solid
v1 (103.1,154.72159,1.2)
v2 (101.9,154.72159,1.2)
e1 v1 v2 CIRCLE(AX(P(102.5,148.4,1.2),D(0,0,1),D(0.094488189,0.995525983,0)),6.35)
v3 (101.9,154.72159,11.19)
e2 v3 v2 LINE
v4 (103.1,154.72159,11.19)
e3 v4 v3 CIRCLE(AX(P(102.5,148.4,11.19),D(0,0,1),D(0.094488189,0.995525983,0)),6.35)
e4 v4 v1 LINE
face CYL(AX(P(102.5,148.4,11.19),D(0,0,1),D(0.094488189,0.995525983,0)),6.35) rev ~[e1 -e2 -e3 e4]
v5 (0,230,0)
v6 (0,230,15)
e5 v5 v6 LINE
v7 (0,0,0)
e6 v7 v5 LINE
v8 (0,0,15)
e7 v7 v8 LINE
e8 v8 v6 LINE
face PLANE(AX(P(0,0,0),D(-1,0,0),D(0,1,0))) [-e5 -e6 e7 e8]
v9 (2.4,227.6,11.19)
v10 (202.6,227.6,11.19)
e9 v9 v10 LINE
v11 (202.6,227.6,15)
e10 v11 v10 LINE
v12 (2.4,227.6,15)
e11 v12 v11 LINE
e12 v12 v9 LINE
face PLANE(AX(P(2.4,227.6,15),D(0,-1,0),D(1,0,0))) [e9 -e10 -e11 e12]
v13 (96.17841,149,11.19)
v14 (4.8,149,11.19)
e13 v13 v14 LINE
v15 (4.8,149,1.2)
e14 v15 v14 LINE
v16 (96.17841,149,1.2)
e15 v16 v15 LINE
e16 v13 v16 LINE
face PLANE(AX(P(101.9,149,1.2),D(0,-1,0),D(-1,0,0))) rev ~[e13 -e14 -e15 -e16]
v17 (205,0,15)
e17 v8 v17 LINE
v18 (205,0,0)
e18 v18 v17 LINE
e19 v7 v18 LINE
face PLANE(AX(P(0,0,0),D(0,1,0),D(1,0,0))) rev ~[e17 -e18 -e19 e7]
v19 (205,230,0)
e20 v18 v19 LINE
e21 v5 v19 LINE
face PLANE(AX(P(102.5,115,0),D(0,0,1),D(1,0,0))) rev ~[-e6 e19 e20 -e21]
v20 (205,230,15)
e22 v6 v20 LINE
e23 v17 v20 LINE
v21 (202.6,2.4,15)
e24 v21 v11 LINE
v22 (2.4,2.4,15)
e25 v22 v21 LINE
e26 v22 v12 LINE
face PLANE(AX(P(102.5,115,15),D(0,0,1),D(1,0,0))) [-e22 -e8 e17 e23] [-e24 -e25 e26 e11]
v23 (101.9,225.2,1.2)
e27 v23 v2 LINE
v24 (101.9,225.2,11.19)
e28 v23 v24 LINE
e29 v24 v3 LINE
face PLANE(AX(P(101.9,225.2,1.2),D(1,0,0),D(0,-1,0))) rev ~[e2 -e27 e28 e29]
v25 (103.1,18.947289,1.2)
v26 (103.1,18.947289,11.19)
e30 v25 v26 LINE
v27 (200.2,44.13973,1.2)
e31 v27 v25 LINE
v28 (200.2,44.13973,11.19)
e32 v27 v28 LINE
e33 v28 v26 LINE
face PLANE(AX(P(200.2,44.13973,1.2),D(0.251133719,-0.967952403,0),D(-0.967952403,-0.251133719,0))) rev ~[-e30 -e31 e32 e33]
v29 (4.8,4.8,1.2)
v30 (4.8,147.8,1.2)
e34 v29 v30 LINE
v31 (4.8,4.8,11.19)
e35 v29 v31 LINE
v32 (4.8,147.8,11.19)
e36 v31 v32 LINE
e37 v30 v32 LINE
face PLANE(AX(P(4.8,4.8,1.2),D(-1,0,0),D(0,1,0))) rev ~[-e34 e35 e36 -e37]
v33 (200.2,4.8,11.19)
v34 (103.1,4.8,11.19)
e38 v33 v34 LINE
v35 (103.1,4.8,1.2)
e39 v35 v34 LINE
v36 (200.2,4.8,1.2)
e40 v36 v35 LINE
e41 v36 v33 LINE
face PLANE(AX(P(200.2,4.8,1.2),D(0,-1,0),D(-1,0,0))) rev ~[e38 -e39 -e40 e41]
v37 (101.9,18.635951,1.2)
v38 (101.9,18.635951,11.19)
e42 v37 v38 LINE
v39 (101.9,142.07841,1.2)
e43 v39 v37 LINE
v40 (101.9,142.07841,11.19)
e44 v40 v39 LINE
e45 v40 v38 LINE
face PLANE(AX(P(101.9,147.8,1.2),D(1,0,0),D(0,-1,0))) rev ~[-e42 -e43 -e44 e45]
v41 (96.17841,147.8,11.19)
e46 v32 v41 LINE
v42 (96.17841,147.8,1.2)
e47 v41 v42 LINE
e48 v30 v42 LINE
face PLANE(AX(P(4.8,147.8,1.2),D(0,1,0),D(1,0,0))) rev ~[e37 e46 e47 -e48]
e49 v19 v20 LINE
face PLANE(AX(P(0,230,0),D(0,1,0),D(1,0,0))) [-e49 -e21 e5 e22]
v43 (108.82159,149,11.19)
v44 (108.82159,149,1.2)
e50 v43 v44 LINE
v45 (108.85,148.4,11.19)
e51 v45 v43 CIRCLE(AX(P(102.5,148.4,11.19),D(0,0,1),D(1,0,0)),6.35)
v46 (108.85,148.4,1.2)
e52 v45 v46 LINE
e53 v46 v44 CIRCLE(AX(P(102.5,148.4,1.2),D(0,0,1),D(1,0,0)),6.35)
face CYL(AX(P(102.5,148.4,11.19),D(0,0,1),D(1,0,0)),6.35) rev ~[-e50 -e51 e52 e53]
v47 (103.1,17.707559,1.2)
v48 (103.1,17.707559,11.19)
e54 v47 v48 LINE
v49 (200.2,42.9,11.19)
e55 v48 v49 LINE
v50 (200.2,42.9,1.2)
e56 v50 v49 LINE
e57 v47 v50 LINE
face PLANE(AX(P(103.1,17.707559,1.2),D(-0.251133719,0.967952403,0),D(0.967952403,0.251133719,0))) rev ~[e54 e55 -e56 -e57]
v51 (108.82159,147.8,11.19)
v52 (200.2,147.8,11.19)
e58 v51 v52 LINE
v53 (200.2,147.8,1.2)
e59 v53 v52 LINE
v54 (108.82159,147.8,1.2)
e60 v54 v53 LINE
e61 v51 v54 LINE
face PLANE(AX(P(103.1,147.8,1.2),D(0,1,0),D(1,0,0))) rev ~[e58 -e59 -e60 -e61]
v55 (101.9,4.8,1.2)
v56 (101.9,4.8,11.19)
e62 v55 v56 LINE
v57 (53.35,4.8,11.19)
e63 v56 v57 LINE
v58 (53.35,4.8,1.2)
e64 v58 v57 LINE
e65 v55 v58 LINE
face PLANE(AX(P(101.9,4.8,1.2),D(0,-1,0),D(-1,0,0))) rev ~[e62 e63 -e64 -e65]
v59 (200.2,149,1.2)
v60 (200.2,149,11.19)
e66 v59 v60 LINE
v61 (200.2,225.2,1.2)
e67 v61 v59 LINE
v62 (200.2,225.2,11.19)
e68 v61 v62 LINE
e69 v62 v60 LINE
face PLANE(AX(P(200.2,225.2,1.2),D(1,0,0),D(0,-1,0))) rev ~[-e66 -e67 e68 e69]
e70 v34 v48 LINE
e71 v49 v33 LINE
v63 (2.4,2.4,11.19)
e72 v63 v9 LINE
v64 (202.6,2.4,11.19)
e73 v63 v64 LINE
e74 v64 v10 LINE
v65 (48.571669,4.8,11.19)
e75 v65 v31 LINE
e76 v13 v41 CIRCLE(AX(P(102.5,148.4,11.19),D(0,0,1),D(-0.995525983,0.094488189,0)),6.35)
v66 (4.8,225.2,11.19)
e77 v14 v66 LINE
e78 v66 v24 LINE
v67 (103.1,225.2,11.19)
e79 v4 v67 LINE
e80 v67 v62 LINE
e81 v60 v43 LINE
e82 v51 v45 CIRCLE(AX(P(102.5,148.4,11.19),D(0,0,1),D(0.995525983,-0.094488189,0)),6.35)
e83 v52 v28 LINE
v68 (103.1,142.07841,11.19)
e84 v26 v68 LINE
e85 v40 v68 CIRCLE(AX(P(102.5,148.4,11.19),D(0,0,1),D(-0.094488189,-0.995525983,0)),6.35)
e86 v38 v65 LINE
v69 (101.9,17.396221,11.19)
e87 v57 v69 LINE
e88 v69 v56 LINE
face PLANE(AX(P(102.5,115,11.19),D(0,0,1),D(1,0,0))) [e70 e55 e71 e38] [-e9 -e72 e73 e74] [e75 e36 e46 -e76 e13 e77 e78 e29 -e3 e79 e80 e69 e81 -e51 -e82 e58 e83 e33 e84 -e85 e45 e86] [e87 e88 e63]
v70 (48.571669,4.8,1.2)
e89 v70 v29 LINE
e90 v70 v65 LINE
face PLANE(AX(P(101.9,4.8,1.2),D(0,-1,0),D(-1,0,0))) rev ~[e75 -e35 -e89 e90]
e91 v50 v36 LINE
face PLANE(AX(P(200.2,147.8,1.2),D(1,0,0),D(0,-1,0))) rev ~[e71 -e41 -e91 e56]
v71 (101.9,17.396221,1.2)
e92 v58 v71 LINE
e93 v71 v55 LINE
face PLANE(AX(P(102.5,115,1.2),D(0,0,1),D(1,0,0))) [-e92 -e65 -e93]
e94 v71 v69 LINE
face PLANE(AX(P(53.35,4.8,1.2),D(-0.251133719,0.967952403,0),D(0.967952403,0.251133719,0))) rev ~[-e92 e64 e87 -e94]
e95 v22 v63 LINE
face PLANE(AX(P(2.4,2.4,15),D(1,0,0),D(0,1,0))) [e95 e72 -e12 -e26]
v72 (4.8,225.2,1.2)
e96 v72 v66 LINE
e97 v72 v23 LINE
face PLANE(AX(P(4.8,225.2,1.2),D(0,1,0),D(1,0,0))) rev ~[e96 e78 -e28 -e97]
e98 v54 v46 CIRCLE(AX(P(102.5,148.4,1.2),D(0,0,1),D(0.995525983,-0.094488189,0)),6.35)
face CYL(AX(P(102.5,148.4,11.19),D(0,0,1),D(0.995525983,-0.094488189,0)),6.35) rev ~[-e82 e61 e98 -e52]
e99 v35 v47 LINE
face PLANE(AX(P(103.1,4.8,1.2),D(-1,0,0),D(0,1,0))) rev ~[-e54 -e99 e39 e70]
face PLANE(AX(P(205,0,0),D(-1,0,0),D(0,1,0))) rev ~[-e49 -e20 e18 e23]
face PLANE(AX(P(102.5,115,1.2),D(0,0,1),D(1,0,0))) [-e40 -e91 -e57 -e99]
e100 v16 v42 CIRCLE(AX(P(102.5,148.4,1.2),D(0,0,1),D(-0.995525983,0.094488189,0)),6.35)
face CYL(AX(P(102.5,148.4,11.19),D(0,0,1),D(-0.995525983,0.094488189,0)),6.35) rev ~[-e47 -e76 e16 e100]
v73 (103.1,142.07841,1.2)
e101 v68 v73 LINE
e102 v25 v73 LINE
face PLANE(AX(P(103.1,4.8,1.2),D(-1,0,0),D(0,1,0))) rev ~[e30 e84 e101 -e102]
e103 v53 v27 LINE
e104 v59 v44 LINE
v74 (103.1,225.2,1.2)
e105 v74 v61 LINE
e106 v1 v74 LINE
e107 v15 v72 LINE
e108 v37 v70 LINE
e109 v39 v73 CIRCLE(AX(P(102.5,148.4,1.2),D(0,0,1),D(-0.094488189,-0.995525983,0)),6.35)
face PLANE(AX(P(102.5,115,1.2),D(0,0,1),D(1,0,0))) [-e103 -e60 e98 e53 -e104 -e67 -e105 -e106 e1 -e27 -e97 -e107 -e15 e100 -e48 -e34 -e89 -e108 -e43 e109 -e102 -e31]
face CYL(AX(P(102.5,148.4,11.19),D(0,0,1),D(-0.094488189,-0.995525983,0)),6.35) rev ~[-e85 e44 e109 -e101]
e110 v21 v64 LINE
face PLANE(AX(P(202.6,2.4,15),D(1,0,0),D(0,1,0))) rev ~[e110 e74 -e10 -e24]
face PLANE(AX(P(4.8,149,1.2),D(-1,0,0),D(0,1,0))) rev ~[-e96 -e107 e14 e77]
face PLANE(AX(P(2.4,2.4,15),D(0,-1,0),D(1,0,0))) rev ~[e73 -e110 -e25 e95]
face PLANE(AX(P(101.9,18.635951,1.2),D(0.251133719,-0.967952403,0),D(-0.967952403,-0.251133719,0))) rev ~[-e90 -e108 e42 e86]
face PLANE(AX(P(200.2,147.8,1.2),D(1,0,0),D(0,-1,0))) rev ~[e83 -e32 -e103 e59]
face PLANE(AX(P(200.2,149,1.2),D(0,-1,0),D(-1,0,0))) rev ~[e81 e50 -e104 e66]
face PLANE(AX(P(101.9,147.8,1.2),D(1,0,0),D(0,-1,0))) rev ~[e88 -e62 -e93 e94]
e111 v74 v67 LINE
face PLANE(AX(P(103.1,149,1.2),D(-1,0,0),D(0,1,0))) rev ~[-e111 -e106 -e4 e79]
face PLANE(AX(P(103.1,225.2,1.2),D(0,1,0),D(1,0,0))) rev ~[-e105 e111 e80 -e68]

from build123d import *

# Parameters (mm, degrees)
F0_W     = 205
F0_H     = 230
F1_DEPTH = 15
F2_W     = 200.2
F2_H     = 225.2
F3_DEPTH = 13.8
F4_W     = 200.2
F4_H     = 225.2
F5_DEPTH = 9.99
F7_DEPTH = 9.99
F9_DEPTH = 9.99


with BuildPart() as f1:
    # F0 (on Top) → F1 (new body)
    with BuildSketch(Plane.XY):
        with Locations((102.5, 115)):
            Rectangle(F0_W, F0_H)
    extrude(amount=F1_DEPTH)

    # F2 (on face) → F3 (cut, through all)
    with BuildSketch(Plane.XY.offset(15)):
        with Locations((102.5, 115)):
            Rectangle(F2_W, F2_H)
    extrude(amount=-F3_DEPTH, mode=Mode.SUBTRACT)

    # F4 (on face) → F5 (join, through all)
    with BuildSketch(Plane.XY.offset(1.2)):
        with Locations((102.5, 115)):
            Rectangle(F4_W, F4_H)
        Polygon((4.8, 149), (4.8, 225.2), (101.9, 225.2), (103.1, 225.2), (200.2, 225.2), (200.2, 149), (200.2, 147.8), (200.2, 4.8), (103.1, 4.8), (101.9, 4.8), (4.8, 4.8), (4.8, 147.8), align=None, mode=Mode.SUBTRACT)
        Polygon((103.1, 225.2), (101.9, 225.2), (101.9, 149), (4.8, 149), (4.8, 147.8), (101.9, 147.8), (101.9, 4.8), (103.1, 4.8), (103.1, 147.8), (200.2, 147.8), (200.2, 149), (103.1, 149), align=None)
    extrude(amount=F5_DEPTH)

    # F6 (on face) → F7 (cut, through all)
    with BuildSketch(Plane.XY.offset(11.19)):
        with BuildLine():
            Line((103.1, 154.7215899899), (103.1, 149))
            Line((103.1, 149), (108.8215899899, 149))
            ThreePointArc((108.8215899899, 149), (106.9901280605, 152.8901280605), (103.1, 154.7215899899))
        make_face()
        with BuildLine():
            Line((102.5, 148.4), (103.1, 149))
            Line((103.1, 149), (103.1, 154.7215899899))
            ThreePointArc((103.1, 154.7215899899), (102.5, 154.75), (101.9, 154.7215899899))
            Line((101.9, 154.7215899899), (101.9, 149))
            Line((101.9, 149), (102.5, 148.4))
        make_face()
        with BuildLine():
            Line((96.1784100101, 149), (101.9, 149))
            Line((101.9, 149), (101.9, 154.7215899899))
            ThreePointArc((101.9, 154.7215899899), (98.0098719395, 152.8901280605), (96.1784100101, 149))
        make_face()
        with BuildLine():
            Line((96.1784100101, 147.8), (101.9, 147.8))
            Line((101.9, 147.8), (101.9, 149))
            Line((101.9, 149), (96.1784100101, 149))
            ThreePointArc((96.1784100101, 149), (96.15, 148.4), (96.1784100101, 147.8))
        make_face()
        Polygon((101.9, 147.8), (102.5, 148.4), (101.9, 149), align=None)
        with BuildLine():
            Line((108.8215899899, 149), (103.1, 149))
            Line((103.1, 149), (102.5, 148.4))
            Line((102.5, 148.4), (103.1, 147.8))
            Line((103.1, 147.8), (108.8215899899, 147.8))
            ThreePointArc((108.8215899899, 147.8), (108.8428935209, 148.0996638847), (108.85, 148.4))
            ThreePointArc((108.85, 148.4), (108.8428935209, 148.7003361153), (108.8215899899, 149))
        make_face()
        with BuildLine():
            Line((103.1, 147.8), (102.5, 148.4))
            Line((102.5, 148.4), (101.9, 147.8))
            Line((101.9, 147.8), (101.9, 142.0784100101))
            ThreePointArc((101.9, 142.0784100101), (102.5, 142.05), (103.1, 142.0784100101))
            Line((103.1, 142.0784100101), (103.1, 147.8))
        make_face()
        with BuildLine():
            Line((108.8215899899, 147.8), (103.1, 147.8))
            Line((103.1, 147.8), (103.1, 142.0784100101))
            ThreePointArc((103.1, 142.0784100101), (106.9901280605, 143.9098719395), (108.8215899899, 147.8))
        make_face()
        with BuildLine():
            Line((101.9, 142.0784100101), (101.9, 147.8))
            Line((101.9, 147.8), (96.1784100101, 147.8))
            ThreePointArc((96.1784100101, 147.8), (98.0098719395, 143.9098719395), (101.9, 142.0784100101))
        make_face()
    extrude(amount=-F7_DEPTH, mode=Mode.SUBTRACT)

    # F8 (on face) → F9 (join, through all)
    with BuildSketch(Plane.XY.offset(1.2)):
        Polygon((200.2, 44.139730379), (103.1, 18.9472891124), (103.1, 17.7075587334), (200.2, 42.9), align=None)
        Polygon((101.9, 18.6359510123), (48.5716691298, 4.8), (53.35, 4.8), (101.9, 17.3962206333), align=None)
    extrude(amount=F9_DEPTH)


solid = f1.part
